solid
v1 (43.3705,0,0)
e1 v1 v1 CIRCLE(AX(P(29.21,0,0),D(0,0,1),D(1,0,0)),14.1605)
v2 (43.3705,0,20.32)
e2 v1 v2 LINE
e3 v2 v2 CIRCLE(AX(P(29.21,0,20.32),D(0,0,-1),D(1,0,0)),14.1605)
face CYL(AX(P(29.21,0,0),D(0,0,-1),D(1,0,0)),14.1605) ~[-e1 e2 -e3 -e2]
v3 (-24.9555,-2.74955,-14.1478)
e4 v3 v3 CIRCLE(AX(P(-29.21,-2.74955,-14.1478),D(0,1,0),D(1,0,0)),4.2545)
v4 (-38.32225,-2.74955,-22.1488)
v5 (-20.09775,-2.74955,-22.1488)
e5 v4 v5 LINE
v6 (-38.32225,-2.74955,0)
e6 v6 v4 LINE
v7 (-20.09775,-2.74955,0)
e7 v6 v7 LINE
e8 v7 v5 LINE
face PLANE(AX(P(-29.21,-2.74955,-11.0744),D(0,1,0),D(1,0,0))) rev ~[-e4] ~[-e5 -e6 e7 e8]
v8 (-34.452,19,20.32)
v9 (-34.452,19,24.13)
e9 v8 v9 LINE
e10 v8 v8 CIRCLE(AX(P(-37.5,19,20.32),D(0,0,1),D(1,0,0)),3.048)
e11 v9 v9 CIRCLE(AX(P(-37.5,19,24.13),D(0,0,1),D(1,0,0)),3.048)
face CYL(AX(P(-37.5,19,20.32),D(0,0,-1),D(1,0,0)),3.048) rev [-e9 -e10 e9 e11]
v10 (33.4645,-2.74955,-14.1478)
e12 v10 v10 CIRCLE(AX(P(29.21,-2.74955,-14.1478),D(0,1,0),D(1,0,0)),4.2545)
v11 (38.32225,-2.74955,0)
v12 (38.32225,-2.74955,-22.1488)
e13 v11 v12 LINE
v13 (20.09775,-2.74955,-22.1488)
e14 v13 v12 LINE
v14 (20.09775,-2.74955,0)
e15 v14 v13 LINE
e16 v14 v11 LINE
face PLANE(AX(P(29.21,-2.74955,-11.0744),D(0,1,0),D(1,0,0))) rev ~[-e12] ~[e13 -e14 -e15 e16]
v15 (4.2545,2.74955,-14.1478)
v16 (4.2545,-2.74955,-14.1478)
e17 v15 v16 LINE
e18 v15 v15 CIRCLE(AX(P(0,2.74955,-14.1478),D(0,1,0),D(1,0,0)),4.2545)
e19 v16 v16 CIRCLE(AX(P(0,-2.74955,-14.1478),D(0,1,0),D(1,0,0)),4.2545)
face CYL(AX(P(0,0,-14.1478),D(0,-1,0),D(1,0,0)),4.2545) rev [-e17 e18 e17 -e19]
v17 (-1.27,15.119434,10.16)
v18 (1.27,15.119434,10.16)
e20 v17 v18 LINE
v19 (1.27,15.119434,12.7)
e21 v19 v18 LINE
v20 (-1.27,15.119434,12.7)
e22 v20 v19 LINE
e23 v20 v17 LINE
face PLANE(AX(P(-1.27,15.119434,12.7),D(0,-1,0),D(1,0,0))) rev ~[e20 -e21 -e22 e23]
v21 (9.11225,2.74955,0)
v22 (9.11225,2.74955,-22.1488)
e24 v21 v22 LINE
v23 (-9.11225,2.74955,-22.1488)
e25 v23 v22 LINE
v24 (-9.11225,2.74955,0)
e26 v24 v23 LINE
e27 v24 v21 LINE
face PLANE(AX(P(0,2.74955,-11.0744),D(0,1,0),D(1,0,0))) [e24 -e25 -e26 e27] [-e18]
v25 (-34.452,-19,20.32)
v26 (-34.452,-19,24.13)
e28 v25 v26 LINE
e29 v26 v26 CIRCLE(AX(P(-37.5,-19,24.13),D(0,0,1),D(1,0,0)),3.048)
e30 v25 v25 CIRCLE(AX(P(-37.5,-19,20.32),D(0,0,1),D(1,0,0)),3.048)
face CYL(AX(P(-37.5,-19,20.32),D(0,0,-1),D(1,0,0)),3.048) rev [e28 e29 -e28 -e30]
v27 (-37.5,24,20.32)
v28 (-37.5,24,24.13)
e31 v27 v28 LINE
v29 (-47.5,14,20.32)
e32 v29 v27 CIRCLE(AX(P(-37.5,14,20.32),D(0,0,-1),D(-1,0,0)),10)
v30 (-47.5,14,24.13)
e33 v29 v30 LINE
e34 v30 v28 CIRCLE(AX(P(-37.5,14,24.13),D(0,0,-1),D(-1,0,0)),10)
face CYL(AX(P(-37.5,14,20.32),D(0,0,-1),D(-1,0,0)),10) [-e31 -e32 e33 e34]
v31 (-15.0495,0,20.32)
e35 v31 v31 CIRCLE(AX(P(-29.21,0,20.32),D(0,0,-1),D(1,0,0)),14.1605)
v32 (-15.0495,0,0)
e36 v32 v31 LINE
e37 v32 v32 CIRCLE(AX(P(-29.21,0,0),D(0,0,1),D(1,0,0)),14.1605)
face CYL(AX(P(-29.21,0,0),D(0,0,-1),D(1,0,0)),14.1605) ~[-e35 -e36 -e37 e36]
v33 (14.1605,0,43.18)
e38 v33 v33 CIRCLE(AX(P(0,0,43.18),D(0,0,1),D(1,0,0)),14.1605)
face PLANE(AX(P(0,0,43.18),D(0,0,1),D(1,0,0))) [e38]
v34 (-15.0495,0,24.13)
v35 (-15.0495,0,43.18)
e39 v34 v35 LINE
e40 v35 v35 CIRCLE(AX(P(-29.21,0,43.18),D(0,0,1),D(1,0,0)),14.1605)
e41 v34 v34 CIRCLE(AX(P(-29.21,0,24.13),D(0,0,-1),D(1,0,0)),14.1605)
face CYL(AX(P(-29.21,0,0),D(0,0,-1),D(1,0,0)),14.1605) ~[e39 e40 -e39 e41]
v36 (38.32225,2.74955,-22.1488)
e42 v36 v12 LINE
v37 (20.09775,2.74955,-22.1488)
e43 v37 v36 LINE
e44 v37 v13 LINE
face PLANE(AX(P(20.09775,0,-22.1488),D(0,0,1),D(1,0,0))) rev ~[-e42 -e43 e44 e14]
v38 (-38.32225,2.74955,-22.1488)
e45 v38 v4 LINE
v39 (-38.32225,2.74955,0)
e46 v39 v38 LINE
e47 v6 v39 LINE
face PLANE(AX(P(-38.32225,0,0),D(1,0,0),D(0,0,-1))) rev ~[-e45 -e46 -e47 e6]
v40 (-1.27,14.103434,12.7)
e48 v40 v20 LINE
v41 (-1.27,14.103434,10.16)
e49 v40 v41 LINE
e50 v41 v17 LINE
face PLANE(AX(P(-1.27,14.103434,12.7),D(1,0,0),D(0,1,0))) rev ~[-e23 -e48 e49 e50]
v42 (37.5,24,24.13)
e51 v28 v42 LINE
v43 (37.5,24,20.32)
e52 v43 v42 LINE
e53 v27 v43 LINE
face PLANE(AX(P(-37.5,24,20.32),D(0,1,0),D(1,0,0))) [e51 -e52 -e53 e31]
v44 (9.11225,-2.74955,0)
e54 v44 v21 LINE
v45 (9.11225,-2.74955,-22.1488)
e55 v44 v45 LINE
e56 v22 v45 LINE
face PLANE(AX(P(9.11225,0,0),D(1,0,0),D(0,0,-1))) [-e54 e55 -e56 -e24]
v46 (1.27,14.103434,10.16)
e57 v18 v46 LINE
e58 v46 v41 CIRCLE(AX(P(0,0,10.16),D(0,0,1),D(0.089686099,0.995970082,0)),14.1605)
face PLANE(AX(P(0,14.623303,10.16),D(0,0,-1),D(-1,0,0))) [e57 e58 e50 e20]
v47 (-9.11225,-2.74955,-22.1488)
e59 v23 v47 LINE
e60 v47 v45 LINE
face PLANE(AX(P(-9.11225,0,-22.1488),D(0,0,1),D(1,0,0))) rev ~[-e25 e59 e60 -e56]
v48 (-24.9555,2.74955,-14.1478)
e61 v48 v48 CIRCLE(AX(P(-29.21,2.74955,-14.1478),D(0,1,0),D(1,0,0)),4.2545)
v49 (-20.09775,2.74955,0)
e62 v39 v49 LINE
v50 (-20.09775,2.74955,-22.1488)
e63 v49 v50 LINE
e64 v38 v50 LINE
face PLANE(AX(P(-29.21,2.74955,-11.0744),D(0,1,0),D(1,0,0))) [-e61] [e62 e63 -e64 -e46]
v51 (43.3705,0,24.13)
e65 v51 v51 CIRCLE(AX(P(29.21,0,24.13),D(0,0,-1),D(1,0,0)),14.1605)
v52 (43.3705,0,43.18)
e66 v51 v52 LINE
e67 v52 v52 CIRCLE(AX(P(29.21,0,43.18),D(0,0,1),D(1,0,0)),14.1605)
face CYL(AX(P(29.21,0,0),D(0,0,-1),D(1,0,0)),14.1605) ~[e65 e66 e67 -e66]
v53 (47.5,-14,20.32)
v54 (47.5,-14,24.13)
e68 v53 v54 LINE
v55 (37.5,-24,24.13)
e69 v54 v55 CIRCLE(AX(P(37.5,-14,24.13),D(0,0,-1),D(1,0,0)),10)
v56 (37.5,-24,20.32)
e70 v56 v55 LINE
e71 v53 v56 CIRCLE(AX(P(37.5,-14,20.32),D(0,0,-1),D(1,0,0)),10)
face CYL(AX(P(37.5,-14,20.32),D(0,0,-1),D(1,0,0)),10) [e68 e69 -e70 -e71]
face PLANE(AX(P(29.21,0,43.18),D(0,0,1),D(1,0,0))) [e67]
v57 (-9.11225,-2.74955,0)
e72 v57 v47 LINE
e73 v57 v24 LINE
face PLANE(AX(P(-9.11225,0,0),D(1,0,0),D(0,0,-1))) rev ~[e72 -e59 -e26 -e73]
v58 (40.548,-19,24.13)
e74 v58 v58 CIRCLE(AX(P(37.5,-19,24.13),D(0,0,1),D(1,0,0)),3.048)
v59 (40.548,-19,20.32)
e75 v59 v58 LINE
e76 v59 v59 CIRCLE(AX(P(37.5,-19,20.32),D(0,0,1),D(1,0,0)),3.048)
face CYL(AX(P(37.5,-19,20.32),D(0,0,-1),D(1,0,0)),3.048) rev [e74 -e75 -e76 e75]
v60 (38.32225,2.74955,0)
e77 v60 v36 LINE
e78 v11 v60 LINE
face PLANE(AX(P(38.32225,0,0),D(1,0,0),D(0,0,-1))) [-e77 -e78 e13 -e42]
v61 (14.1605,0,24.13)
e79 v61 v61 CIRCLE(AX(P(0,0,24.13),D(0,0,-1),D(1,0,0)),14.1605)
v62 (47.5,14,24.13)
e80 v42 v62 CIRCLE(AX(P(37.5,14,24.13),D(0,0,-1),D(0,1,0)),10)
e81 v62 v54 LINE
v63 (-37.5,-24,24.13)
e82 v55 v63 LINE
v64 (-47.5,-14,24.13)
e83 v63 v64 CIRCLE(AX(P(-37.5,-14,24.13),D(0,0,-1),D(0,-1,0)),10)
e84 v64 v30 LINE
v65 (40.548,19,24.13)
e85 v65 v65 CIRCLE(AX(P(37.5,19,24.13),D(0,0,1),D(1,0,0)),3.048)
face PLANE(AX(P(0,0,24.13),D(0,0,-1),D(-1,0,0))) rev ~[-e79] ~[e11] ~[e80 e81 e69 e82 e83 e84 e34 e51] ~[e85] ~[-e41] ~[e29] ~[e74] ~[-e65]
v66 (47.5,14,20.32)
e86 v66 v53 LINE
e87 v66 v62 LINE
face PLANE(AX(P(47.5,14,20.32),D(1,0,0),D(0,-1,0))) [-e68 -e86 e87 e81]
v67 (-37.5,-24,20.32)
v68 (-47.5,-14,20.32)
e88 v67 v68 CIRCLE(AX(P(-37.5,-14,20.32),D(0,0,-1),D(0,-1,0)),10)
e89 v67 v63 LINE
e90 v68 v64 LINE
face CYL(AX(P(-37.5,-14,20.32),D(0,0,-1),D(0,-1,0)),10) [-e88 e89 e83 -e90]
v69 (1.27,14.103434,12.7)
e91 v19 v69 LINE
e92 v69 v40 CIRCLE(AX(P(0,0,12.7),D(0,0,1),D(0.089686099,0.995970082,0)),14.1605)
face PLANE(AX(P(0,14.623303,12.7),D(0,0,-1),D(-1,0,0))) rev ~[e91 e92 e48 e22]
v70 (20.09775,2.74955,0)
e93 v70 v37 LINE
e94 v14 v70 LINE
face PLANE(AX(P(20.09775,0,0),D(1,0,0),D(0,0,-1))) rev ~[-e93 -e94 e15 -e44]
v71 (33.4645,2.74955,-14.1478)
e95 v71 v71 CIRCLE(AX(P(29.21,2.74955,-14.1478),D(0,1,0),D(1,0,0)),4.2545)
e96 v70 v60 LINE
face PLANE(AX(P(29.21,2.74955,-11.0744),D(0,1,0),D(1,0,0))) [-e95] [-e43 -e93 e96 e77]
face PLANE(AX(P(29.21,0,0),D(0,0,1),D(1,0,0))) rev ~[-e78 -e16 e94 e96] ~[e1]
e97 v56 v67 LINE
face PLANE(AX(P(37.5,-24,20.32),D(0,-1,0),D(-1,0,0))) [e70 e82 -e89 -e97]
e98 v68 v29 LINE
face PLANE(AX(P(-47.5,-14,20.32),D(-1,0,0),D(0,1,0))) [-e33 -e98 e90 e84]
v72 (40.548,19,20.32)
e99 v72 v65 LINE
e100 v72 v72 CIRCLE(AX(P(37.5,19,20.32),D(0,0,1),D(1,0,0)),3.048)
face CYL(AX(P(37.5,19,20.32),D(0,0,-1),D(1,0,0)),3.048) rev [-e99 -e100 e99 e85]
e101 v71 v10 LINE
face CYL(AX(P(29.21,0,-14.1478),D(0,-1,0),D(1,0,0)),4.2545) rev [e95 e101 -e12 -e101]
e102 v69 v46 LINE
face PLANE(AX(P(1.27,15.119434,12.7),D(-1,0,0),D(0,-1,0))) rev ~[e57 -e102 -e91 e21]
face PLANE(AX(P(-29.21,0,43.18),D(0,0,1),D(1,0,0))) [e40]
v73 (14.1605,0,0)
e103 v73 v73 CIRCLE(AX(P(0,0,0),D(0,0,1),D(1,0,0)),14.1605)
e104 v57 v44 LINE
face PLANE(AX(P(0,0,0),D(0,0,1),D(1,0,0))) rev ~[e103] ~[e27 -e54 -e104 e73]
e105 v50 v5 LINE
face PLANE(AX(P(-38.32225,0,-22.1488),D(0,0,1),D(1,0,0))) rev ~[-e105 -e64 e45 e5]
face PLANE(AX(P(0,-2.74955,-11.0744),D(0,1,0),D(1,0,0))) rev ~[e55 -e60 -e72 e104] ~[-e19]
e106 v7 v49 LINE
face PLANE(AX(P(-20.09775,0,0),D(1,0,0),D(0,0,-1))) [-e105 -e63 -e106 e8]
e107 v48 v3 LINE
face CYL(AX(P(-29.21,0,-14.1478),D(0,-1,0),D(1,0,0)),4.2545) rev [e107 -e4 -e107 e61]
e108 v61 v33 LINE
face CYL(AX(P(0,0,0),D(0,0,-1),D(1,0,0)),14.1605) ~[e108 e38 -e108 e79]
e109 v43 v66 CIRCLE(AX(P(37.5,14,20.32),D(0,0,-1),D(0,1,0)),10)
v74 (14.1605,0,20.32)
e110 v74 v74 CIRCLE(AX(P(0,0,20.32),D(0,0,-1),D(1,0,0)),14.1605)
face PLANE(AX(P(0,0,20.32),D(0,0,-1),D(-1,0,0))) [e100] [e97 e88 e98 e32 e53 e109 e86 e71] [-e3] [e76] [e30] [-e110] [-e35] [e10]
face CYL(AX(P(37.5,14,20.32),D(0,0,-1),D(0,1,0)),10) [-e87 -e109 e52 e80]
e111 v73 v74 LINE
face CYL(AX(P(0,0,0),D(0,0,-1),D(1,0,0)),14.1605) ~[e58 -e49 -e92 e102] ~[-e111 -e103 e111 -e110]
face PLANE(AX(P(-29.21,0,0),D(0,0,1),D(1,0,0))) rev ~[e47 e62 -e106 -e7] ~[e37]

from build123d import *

# Parameters (mm, degrees)
SKETCH1_R                = 14.1605
BOSS_EXTRUDE1_DEPTH      = 43.18
SKETCH3_W                = 18.2245
SKETCH3_H                = 22.1488
SKETCH3_R                = 4.2545
BOSS_EXTRUDE2_DEPTH      = 2.74955
BOSS_EXTRUDE2_DEPTH_BACK = 2.74955
LPATTERN1_COUNT          = 2
LPATTERN1_PITCH          = 29.21
LPATTERN1_2_COUNT        = 2
LPATTERN1_2_PITCH        = 29.21
BOSS_EXTRUDE3_START      = 20.32
SKETCH4_R                = 3.048
BOSS_EXTRUDE3_DEPTH      = 3.81
BOSS_EXTRUDE4_START      = -30.48
BOSS_EXTRUDE4_DEPTH      = 2.54


with BuildPart() as part:
    # Sketch1 → Boss-Extrude1 (new body)
    with BuildSketch(Plane.XY):
        Circle(SKETCH1_R)
    extrude(amount=BOSS_EXTRUDE1_DEPTH)

    # Sketch3 → Boss-Extrude2 (add, two sides)
    with BuildSketch(Plane(origin=(0, 0, 0), x_dir=(1, 0, 0), z_dir=(0, 1, 0))) as boss_extrude2_sk:
        with Locations((0, 11.0744)):
            Rectangle(SKETCH3_W, SKETCH3_H)
        with Locations((0, 14.1478)):
            Circle(SKETCH3_R, mode=Mode.SUBTRACT)
    extrude(amount=BOSS_EXTRUDE2_DEPTH)
    extrude(boss_extrude2_sk.sketch, amount=-BOSS_EXTRUDE2_DEPTH_BACK)


with BuildPart() as lpattern1_1:
    # LPattern1: pattern copy
    add(part.part.moved(Location(Vector(1, 0, 0) * (1 * LPATTERN1_PITCH))))


with BuildPart() as lpattern1_2_1:
    # LPattern1 2: pattern copy
    add(part.part.moved(Location(Vector(-1, 0, 0) * (1 * LPATTERN1_2_PITCH))))


with BuildPart() as lpattern1_2_2:
    # LPattern1 2: pattern copy
    add(lpattern1_1.part.moved(Location(Vector(-1, 0, 0) * (1 * LPATTERN1_2_PITCH))))


with BuildPart() as part_1:
    add(part.part)

    add(lpattern1_1.part)  # Boss-Extrude3 merges LPattern1_1

    add(lpattern1_2_1.part)  # Boss-Extrude3 merges LPattern1 2_1

    add(lpattern1_2_2.part)  # Boss-Extrude3 merges LPattern1 2_2
    # Sketch4 → Boss-Extrude3 (add)
    with BuildSketch(Plane.XY.offset(BOSS_EXTRUDE3_START)):
        with BuildLine():
            Line((-37.5, 24), (37.5, 24))
            ThreePointArc((37.5, 24), (44.571067812, 21.071067812), (47.5, 14))
            Line((47.5, 14), (47.5, -14))
            ThreePointArc((47.5, -14), (44.571067812, -21.071067812), (37.5, -24))
            Line((37.5, -24), (-37.5, -24))
            ThreePointArc((-37.5, -24), (-44.571067812, -21.071067812), (-47.5, -14))
            Line((-47.5, -14), (-47.5, 14))
            ThreePointArc((-47.5, 14), (-44.571067812, 21.071067812), (-37.5, 24))
        make_face()
        with Locations((-37.5, 19)):
            Circle(SKETCH4_R, mode=Mode.SUBTRACT)
        with Locations((37.5, 19)):
            Circle(SKETCH4_R, mode=Mode.SUBTRACT)
        with Locations((37.5, -19)):
            Circle(SKETCH4_R, mode=Mode.SUBTRACT)
        with Locations((-37.5, -19)):
            Circle(SKETCH4_R, mode=Mode.SUBTRACT)
    extrude(amount=BOSS_EXTRUDE3_DEPTH)

    # Sketch6 → Boss-Extrude4 (add)
    with BuildSketch(Plane.XY.offset(43.18).offset(BOSS_EXTRUDE4_START)):
        with BuildLine():
            Line((-1.27, 14.103434342), (-1.27, 15.119434342))
            Line((-1.27, 15.119434342), (1.27, 15.119434342))
            Line((1.27, 15.119434342), (1.27, 14.103434342))
            ThreePointArc((1.27, 14.103434342), (0, 14.1605), (-1.27, 14.103434342))
        make_face()
    extrude(amount=-BOSS_EXTRUDE4_DEPTH)


solid = part_1.part
